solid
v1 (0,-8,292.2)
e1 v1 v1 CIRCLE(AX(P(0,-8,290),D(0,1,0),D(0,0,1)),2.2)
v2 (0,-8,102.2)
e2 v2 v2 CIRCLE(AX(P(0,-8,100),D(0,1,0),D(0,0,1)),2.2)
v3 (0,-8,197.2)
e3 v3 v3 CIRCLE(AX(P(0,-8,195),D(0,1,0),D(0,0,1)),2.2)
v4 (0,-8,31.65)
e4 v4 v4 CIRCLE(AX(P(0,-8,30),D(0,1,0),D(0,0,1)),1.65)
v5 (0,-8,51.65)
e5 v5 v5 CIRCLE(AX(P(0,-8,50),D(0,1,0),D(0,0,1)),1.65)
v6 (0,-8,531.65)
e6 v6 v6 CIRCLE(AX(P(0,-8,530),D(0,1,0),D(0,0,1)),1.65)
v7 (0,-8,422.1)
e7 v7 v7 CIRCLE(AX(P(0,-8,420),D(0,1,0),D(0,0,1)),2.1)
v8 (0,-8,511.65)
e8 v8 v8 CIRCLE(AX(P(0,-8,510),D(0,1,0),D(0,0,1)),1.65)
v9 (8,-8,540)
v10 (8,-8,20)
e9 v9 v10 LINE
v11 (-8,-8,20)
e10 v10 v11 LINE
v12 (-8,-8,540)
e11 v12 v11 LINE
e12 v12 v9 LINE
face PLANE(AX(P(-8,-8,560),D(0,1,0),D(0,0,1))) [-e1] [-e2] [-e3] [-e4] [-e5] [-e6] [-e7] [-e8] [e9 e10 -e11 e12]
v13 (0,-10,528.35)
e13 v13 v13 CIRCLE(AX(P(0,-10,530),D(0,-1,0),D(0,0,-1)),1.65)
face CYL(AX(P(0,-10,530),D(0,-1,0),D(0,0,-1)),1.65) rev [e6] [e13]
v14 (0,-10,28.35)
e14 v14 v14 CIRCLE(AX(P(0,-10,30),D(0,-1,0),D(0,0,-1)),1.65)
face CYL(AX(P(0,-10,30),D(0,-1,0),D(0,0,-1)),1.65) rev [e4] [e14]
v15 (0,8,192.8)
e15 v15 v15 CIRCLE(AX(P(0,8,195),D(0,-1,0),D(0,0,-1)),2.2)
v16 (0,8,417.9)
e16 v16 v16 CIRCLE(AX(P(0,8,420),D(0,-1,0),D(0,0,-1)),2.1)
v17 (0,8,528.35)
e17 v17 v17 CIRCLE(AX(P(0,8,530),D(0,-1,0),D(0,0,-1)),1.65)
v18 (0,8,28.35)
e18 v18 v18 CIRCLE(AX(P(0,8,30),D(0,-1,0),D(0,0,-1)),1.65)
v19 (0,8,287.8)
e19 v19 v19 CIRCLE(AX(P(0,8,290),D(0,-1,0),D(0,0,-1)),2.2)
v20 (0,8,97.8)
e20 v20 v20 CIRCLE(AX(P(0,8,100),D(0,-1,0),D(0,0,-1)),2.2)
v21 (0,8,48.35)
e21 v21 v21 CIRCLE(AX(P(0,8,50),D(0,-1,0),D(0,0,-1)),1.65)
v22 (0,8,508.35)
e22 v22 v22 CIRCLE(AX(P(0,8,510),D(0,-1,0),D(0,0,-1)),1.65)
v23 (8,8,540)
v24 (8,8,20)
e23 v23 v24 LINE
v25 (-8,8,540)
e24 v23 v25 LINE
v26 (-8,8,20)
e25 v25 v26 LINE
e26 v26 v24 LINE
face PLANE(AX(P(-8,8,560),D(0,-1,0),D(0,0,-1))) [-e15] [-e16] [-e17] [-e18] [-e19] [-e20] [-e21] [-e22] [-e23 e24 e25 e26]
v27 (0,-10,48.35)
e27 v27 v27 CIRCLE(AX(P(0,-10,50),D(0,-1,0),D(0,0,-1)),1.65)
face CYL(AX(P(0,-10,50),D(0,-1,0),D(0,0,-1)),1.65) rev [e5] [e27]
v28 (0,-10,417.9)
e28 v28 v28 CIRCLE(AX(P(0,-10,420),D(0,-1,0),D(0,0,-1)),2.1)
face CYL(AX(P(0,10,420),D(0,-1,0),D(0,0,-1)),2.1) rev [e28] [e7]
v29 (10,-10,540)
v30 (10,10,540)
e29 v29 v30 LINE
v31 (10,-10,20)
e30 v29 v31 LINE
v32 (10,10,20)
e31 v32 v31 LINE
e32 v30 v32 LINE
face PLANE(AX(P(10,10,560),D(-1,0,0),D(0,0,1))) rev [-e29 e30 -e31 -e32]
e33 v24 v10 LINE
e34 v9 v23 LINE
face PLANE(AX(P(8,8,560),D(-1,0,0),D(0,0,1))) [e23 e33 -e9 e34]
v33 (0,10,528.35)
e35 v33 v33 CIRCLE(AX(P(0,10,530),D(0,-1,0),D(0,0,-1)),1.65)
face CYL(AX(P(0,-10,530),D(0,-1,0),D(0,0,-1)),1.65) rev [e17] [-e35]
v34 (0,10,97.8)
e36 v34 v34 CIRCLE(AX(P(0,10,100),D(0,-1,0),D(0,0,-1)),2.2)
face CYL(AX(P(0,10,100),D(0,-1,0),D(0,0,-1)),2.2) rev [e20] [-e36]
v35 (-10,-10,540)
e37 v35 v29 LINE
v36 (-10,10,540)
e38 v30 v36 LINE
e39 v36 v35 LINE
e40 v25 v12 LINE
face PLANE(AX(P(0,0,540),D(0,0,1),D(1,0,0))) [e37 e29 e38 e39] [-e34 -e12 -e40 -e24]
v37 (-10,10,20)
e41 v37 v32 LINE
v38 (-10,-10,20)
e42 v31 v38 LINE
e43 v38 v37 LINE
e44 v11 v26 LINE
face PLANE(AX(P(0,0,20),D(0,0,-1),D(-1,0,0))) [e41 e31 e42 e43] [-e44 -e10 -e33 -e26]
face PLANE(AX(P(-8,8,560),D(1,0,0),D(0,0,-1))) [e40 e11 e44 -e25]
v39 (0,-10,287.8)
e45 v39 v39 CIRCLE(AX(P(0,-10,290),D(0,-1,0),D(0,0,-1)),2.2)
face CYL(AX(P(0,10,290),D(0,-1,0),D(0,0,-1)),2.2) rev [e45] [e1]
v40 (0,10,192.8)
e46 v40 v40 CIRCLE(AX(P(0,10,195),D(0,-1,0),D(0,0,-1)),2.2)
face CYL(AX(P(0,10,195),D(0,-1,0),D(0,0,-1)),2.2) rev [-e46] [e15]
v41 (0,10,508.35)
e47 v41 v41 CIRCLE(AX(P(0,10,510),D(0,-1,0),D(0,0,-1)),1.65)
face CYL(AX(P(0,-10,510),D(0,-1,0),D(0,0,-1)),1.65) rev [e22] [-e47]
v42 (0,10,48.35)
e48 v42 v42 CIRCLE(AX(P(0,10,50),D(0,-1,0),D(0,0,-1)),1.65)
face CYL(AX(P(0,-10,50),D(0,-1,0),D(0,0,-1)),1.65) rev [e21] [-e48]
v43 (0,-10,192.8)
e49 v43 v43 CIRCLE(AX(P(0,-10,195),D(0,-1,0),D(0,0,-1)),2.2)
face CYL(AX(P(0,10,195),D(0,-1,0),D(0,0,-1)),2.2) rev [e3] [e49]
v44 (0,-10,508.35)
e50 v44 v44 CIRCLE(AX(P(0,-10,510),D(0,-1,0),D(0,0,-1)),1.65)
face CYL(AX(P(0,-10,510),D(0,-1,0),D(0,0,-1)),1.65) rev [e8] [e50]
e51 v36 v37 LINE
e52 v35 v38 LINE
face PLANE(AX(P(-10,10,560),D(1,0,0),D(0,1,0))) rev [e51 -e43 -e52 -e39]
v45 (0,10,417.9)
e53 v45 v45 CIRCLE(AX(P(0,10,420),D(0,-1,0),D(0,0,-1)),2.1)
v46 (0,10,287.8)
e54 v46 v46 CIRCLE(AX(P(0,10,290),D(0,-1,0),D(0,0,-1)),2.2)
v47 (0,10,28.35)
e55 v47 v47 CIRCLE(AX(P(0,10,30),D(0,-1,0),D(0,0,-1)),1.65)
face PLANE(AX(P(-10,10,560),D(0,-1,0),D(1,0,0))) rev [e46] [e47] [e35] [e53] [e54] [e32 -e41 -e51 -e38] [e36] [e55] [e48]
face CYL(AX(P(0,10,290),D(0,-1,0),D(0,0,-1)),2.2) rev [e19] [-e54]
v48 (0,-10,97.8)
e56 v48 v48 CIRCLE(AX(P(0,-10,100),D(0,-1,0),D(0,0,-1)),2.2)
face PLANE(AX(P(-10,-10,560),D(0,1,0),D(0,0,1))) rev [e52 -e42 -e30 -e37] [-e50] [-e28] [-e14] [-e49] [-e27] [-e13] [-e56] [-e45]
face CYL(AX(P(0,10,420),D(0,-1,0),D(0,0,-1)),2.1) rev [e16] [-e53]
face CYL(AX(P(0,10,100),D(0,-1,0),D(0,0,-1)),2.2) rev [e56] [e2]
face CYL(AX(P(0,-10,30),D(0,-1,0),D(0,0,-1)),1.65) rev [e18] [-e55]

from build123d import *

# Parameters (mm, degrees)
SKETCH_1_W           = 20
SKETCH_1_H           = 20
SKETCH_1_W_2         = 16
SKETCH_1_H_2         = 16
EXTRUDE_1_DEPTH      = 560
SKETCH_4_R           = 2.2
CUT_EXTRUDE_3_DEPTH  = 560
SKETCH_5_W           = 20
SKETCH_5_H           = 20
SKETCH_5_W_2         = 16
SKETCH_5_H_2         = 16
EXTRUDE_2_DEPTH      = 20
SKETCH_6_W           = 20
SKETCH_6_H           = 20
SKETCH_6_W_2         = 16
SKETCH_6_H_2         = 16
EXTRUDE_3_DEPTH      = 20
SKETCH_8_R           = 2.2
CUT_EXTRUDE_4_DEPTH  = 20
SKETCH_9_R           = 2.2
CUT_EXTRUDE_5_DEPTH  = 20
SKETCH_10_W          = 51.42245882
SKETCH_10_H          = 30.440795882
CUT_EXTRUDE_6_DEPTH  = 40
SKETCH_11_W          = 39.362638682
SKETCH_11_H          = 52.74733359
CUT_EXTRUDE_7_DEPTH  = 40
SKETCH_12_R          = 1
CUT_EXTRUDE_8_DEPTH  = 20
SKETCH_13_R          = 1
CUT_EXTRUDE_9_DEPTH  = 20
SKETCH_15_R          = 2.2
CUT_EXTRUDE_11_DEPTH = 21
SKETCH_16_R          = 2.1
CUT_EXTRUDE_12_DEPTH = 21
M4X0_7_4_D           = 3.3
M4X0_7_5_D           = 3.3


with BuildPart() as part:
    # ｽｹｯﾁ1 → ﾎﾞｽ - 押し出し1 (new body)
    with BuildSketch(Plane.XY):
        Rectangle(SKETCH_1_W, SKETCH_1_H)
        Rectangle(SKETCH_1_W_2, SKETCH_1_H_2, mode=Mode.SUBTRACT)
    extrude(amount=EXTRUDE_1_DEPTH)

    # ｽｹｯﾁ4 → ｶｯﾄ - 押し出し3 (cut)
    with BuildSketch(Plane(origin=(0, 10, 0), x_dir=(1, 0, 0), z_dir=(0, 1, 0))):
        with Locations((0, -550)):
            Circle(SKETCH_4_R)
        with Locations((0, -10)):
            Circle(SKETCH_4_R)
    extrude(amount=-CUT_EXTRUDE_3_DEPTH, mode=Mode.SUBTRACT)

    # ｽｹｯﾁ5 → ﾎﾞｽ - 押し出し2 (add)
    with BuildSketch(Plane(origin=(0, 0, 0), x_dir=(-1, 0, 0), z_dir=(0, 0, -1))):
        Rectangle(SKETCH_5_W, SKETCH_5_H)
        Rectangle(SKETCH_5_W_2, SKETCH_5_H_2, mode=Mode.SUBTRACT)
    extrude(amount=EXTRUDE_2_DEPTH)

    # ｽｹｯﾁ6 → ﾎﾞｽ - 押し出し3 (add)
    with BuildSketch(Plane.XY.offset(560)):
        Rectangle(SKETCH_6_W, SKETCH_6_H)
        Rectangle(SKETCH_6_W_2, SKETCH_6_H_2, mode=Mode.SUBTRACT)
    extrude(amount=EXTRUDE_3_DEPTH)

    # ｽｹｯﾁ8 → ｶｯﾄ - 押し出し4 (cut)
    with BuildSketch(Plane(origin=(10, 0, 0), x_dir=(0, 0, -1), z_dir=(1, 0, 0))):
        with Locations((-570, 0)):
            Circle(SKETCH_8_R)
    extrude(amount=-CUT_EXTRUDE_4_DEPTH, mode=Mode.SUBTRACT)

    # ｽｹｯﾁ9 → ｶｯﾄ - 押し出し5 (cut)
    with BuildSketch(Plane(origin=(10, 0, 0), x_dir=(0, 0, -1), z_dir=(1, 0, 0))):
        with Locations((10, 0)):
            Circle(SKETCH_9_R)
    extrude(amount=-CUT_EXTRUDE_5_DEPTH, mode=Mode.SUBTRACT)

    # ｽｹｯﾁ10 → ｶｯﾄ - 押し出し6 (cut)
    with BuildSketch(Plane(origin=(0, 0, -20), x_dir=(-1, 0, 0), z_dir=(0, 0, -1))):
        Rectangle(SKETCH_10_W, SKETCH_10_H)
    extrude(amount=-CUT_EXTRUDE_6_DEPTH, mode=Mode.SUBTRACT)

    # ｽｹｯﾁ11 → ｶｯﾄ - 押し出し7 (cut)
    with BuildSketch(Plane.XY.offset(580)):
        Rectangle(SKETCH_11_W, SKETCH_11_H)
    extrude(amount=-CUT_EXTRUDE_7_DEPTH, mode=Mode.SUBTRACT)

    # ｽｹｯﾁ12 → ｶｯﾄ - 押し出し8 (cut)
    with BuildSketch(Plane(origin=(0, -10, 0), x_dir=(-1, 0, 0), z_dir=(0, -1, 0))):
        with Locations((0, -530)):
            Circle(SKETCH_12_R)
        with Locations((0, -510)):
            Circle(SKETCH_12_R)
    extrude(amount=-CUT_EXTRUDE_8_DEPTH, mode=Mode.SUBTRACT)

    # ｽｹｯﾁ13 → ｶｯﾄ - 押し出し9 (cut)
    with BuildSketch(Plane(origin=(0, -10, 0), x_dir=(-1, 0, 0), z_dir=(0, -1, 0))):
        with Locations((0, -30)):
            Circle(SKETCH_13_R)
        with Locations((0, -50)):
            Circle(SKETCH_13_R)
    extrude(amount=-CUT_EXTRUDE_9_DEPTH, mode=Mode.SUBTRACT)

    # ｽｹｯﾁ15 → ｶｯﾄ - 押し出し11 (cut, through all)
    with BuildSketch(Plane.XZ.offset(10)):
        with Locations((0, 100)):
            Circle(SKETCH_15_R)
        with Locations((0, 195)):
            Circle(SKETCH_15_R)
        with Locations((0, 290)):
            Circle(SKETCH_15_R)
    extrude(amount=-CUT_EXTRUDE_11_DEPTH, mode=Mode.SUBTRACT)

    # ｽｹｯﾁ16 → ｶｯﾄ - 押し出し12 (cut, through all)
    with BuildSketch(Plane.XZ.offset(10)):
        with Locations((0, 420)):
            Circle(SKETCH_16_R)
    extrude(amount=-CUT_EXTRUDE_12_DEPTH, mode=Mode.SUBTRACT)

    # M4x0.7 ねじ穴4 (through all)
    with Locations(Plane(origin=(0, -10, 30), x_dir=(0, 0, -1), z_dir=(0, -1, 0))):
        with Locations((0, 0), (-20, 0)):
            Hole(M4X0_7_4_D / 2)

    # M4x0.7 ねじ穴5 (through all)
    with Locations(Plane(origin=(0, -10, 530), x_dir=(0, 0, -1), z_dir=(0, -1, 0))):
        with Locations((0, 0), (20, 0)):
            Hole(M4X0_7_5_D / 2)


solid = part.part
